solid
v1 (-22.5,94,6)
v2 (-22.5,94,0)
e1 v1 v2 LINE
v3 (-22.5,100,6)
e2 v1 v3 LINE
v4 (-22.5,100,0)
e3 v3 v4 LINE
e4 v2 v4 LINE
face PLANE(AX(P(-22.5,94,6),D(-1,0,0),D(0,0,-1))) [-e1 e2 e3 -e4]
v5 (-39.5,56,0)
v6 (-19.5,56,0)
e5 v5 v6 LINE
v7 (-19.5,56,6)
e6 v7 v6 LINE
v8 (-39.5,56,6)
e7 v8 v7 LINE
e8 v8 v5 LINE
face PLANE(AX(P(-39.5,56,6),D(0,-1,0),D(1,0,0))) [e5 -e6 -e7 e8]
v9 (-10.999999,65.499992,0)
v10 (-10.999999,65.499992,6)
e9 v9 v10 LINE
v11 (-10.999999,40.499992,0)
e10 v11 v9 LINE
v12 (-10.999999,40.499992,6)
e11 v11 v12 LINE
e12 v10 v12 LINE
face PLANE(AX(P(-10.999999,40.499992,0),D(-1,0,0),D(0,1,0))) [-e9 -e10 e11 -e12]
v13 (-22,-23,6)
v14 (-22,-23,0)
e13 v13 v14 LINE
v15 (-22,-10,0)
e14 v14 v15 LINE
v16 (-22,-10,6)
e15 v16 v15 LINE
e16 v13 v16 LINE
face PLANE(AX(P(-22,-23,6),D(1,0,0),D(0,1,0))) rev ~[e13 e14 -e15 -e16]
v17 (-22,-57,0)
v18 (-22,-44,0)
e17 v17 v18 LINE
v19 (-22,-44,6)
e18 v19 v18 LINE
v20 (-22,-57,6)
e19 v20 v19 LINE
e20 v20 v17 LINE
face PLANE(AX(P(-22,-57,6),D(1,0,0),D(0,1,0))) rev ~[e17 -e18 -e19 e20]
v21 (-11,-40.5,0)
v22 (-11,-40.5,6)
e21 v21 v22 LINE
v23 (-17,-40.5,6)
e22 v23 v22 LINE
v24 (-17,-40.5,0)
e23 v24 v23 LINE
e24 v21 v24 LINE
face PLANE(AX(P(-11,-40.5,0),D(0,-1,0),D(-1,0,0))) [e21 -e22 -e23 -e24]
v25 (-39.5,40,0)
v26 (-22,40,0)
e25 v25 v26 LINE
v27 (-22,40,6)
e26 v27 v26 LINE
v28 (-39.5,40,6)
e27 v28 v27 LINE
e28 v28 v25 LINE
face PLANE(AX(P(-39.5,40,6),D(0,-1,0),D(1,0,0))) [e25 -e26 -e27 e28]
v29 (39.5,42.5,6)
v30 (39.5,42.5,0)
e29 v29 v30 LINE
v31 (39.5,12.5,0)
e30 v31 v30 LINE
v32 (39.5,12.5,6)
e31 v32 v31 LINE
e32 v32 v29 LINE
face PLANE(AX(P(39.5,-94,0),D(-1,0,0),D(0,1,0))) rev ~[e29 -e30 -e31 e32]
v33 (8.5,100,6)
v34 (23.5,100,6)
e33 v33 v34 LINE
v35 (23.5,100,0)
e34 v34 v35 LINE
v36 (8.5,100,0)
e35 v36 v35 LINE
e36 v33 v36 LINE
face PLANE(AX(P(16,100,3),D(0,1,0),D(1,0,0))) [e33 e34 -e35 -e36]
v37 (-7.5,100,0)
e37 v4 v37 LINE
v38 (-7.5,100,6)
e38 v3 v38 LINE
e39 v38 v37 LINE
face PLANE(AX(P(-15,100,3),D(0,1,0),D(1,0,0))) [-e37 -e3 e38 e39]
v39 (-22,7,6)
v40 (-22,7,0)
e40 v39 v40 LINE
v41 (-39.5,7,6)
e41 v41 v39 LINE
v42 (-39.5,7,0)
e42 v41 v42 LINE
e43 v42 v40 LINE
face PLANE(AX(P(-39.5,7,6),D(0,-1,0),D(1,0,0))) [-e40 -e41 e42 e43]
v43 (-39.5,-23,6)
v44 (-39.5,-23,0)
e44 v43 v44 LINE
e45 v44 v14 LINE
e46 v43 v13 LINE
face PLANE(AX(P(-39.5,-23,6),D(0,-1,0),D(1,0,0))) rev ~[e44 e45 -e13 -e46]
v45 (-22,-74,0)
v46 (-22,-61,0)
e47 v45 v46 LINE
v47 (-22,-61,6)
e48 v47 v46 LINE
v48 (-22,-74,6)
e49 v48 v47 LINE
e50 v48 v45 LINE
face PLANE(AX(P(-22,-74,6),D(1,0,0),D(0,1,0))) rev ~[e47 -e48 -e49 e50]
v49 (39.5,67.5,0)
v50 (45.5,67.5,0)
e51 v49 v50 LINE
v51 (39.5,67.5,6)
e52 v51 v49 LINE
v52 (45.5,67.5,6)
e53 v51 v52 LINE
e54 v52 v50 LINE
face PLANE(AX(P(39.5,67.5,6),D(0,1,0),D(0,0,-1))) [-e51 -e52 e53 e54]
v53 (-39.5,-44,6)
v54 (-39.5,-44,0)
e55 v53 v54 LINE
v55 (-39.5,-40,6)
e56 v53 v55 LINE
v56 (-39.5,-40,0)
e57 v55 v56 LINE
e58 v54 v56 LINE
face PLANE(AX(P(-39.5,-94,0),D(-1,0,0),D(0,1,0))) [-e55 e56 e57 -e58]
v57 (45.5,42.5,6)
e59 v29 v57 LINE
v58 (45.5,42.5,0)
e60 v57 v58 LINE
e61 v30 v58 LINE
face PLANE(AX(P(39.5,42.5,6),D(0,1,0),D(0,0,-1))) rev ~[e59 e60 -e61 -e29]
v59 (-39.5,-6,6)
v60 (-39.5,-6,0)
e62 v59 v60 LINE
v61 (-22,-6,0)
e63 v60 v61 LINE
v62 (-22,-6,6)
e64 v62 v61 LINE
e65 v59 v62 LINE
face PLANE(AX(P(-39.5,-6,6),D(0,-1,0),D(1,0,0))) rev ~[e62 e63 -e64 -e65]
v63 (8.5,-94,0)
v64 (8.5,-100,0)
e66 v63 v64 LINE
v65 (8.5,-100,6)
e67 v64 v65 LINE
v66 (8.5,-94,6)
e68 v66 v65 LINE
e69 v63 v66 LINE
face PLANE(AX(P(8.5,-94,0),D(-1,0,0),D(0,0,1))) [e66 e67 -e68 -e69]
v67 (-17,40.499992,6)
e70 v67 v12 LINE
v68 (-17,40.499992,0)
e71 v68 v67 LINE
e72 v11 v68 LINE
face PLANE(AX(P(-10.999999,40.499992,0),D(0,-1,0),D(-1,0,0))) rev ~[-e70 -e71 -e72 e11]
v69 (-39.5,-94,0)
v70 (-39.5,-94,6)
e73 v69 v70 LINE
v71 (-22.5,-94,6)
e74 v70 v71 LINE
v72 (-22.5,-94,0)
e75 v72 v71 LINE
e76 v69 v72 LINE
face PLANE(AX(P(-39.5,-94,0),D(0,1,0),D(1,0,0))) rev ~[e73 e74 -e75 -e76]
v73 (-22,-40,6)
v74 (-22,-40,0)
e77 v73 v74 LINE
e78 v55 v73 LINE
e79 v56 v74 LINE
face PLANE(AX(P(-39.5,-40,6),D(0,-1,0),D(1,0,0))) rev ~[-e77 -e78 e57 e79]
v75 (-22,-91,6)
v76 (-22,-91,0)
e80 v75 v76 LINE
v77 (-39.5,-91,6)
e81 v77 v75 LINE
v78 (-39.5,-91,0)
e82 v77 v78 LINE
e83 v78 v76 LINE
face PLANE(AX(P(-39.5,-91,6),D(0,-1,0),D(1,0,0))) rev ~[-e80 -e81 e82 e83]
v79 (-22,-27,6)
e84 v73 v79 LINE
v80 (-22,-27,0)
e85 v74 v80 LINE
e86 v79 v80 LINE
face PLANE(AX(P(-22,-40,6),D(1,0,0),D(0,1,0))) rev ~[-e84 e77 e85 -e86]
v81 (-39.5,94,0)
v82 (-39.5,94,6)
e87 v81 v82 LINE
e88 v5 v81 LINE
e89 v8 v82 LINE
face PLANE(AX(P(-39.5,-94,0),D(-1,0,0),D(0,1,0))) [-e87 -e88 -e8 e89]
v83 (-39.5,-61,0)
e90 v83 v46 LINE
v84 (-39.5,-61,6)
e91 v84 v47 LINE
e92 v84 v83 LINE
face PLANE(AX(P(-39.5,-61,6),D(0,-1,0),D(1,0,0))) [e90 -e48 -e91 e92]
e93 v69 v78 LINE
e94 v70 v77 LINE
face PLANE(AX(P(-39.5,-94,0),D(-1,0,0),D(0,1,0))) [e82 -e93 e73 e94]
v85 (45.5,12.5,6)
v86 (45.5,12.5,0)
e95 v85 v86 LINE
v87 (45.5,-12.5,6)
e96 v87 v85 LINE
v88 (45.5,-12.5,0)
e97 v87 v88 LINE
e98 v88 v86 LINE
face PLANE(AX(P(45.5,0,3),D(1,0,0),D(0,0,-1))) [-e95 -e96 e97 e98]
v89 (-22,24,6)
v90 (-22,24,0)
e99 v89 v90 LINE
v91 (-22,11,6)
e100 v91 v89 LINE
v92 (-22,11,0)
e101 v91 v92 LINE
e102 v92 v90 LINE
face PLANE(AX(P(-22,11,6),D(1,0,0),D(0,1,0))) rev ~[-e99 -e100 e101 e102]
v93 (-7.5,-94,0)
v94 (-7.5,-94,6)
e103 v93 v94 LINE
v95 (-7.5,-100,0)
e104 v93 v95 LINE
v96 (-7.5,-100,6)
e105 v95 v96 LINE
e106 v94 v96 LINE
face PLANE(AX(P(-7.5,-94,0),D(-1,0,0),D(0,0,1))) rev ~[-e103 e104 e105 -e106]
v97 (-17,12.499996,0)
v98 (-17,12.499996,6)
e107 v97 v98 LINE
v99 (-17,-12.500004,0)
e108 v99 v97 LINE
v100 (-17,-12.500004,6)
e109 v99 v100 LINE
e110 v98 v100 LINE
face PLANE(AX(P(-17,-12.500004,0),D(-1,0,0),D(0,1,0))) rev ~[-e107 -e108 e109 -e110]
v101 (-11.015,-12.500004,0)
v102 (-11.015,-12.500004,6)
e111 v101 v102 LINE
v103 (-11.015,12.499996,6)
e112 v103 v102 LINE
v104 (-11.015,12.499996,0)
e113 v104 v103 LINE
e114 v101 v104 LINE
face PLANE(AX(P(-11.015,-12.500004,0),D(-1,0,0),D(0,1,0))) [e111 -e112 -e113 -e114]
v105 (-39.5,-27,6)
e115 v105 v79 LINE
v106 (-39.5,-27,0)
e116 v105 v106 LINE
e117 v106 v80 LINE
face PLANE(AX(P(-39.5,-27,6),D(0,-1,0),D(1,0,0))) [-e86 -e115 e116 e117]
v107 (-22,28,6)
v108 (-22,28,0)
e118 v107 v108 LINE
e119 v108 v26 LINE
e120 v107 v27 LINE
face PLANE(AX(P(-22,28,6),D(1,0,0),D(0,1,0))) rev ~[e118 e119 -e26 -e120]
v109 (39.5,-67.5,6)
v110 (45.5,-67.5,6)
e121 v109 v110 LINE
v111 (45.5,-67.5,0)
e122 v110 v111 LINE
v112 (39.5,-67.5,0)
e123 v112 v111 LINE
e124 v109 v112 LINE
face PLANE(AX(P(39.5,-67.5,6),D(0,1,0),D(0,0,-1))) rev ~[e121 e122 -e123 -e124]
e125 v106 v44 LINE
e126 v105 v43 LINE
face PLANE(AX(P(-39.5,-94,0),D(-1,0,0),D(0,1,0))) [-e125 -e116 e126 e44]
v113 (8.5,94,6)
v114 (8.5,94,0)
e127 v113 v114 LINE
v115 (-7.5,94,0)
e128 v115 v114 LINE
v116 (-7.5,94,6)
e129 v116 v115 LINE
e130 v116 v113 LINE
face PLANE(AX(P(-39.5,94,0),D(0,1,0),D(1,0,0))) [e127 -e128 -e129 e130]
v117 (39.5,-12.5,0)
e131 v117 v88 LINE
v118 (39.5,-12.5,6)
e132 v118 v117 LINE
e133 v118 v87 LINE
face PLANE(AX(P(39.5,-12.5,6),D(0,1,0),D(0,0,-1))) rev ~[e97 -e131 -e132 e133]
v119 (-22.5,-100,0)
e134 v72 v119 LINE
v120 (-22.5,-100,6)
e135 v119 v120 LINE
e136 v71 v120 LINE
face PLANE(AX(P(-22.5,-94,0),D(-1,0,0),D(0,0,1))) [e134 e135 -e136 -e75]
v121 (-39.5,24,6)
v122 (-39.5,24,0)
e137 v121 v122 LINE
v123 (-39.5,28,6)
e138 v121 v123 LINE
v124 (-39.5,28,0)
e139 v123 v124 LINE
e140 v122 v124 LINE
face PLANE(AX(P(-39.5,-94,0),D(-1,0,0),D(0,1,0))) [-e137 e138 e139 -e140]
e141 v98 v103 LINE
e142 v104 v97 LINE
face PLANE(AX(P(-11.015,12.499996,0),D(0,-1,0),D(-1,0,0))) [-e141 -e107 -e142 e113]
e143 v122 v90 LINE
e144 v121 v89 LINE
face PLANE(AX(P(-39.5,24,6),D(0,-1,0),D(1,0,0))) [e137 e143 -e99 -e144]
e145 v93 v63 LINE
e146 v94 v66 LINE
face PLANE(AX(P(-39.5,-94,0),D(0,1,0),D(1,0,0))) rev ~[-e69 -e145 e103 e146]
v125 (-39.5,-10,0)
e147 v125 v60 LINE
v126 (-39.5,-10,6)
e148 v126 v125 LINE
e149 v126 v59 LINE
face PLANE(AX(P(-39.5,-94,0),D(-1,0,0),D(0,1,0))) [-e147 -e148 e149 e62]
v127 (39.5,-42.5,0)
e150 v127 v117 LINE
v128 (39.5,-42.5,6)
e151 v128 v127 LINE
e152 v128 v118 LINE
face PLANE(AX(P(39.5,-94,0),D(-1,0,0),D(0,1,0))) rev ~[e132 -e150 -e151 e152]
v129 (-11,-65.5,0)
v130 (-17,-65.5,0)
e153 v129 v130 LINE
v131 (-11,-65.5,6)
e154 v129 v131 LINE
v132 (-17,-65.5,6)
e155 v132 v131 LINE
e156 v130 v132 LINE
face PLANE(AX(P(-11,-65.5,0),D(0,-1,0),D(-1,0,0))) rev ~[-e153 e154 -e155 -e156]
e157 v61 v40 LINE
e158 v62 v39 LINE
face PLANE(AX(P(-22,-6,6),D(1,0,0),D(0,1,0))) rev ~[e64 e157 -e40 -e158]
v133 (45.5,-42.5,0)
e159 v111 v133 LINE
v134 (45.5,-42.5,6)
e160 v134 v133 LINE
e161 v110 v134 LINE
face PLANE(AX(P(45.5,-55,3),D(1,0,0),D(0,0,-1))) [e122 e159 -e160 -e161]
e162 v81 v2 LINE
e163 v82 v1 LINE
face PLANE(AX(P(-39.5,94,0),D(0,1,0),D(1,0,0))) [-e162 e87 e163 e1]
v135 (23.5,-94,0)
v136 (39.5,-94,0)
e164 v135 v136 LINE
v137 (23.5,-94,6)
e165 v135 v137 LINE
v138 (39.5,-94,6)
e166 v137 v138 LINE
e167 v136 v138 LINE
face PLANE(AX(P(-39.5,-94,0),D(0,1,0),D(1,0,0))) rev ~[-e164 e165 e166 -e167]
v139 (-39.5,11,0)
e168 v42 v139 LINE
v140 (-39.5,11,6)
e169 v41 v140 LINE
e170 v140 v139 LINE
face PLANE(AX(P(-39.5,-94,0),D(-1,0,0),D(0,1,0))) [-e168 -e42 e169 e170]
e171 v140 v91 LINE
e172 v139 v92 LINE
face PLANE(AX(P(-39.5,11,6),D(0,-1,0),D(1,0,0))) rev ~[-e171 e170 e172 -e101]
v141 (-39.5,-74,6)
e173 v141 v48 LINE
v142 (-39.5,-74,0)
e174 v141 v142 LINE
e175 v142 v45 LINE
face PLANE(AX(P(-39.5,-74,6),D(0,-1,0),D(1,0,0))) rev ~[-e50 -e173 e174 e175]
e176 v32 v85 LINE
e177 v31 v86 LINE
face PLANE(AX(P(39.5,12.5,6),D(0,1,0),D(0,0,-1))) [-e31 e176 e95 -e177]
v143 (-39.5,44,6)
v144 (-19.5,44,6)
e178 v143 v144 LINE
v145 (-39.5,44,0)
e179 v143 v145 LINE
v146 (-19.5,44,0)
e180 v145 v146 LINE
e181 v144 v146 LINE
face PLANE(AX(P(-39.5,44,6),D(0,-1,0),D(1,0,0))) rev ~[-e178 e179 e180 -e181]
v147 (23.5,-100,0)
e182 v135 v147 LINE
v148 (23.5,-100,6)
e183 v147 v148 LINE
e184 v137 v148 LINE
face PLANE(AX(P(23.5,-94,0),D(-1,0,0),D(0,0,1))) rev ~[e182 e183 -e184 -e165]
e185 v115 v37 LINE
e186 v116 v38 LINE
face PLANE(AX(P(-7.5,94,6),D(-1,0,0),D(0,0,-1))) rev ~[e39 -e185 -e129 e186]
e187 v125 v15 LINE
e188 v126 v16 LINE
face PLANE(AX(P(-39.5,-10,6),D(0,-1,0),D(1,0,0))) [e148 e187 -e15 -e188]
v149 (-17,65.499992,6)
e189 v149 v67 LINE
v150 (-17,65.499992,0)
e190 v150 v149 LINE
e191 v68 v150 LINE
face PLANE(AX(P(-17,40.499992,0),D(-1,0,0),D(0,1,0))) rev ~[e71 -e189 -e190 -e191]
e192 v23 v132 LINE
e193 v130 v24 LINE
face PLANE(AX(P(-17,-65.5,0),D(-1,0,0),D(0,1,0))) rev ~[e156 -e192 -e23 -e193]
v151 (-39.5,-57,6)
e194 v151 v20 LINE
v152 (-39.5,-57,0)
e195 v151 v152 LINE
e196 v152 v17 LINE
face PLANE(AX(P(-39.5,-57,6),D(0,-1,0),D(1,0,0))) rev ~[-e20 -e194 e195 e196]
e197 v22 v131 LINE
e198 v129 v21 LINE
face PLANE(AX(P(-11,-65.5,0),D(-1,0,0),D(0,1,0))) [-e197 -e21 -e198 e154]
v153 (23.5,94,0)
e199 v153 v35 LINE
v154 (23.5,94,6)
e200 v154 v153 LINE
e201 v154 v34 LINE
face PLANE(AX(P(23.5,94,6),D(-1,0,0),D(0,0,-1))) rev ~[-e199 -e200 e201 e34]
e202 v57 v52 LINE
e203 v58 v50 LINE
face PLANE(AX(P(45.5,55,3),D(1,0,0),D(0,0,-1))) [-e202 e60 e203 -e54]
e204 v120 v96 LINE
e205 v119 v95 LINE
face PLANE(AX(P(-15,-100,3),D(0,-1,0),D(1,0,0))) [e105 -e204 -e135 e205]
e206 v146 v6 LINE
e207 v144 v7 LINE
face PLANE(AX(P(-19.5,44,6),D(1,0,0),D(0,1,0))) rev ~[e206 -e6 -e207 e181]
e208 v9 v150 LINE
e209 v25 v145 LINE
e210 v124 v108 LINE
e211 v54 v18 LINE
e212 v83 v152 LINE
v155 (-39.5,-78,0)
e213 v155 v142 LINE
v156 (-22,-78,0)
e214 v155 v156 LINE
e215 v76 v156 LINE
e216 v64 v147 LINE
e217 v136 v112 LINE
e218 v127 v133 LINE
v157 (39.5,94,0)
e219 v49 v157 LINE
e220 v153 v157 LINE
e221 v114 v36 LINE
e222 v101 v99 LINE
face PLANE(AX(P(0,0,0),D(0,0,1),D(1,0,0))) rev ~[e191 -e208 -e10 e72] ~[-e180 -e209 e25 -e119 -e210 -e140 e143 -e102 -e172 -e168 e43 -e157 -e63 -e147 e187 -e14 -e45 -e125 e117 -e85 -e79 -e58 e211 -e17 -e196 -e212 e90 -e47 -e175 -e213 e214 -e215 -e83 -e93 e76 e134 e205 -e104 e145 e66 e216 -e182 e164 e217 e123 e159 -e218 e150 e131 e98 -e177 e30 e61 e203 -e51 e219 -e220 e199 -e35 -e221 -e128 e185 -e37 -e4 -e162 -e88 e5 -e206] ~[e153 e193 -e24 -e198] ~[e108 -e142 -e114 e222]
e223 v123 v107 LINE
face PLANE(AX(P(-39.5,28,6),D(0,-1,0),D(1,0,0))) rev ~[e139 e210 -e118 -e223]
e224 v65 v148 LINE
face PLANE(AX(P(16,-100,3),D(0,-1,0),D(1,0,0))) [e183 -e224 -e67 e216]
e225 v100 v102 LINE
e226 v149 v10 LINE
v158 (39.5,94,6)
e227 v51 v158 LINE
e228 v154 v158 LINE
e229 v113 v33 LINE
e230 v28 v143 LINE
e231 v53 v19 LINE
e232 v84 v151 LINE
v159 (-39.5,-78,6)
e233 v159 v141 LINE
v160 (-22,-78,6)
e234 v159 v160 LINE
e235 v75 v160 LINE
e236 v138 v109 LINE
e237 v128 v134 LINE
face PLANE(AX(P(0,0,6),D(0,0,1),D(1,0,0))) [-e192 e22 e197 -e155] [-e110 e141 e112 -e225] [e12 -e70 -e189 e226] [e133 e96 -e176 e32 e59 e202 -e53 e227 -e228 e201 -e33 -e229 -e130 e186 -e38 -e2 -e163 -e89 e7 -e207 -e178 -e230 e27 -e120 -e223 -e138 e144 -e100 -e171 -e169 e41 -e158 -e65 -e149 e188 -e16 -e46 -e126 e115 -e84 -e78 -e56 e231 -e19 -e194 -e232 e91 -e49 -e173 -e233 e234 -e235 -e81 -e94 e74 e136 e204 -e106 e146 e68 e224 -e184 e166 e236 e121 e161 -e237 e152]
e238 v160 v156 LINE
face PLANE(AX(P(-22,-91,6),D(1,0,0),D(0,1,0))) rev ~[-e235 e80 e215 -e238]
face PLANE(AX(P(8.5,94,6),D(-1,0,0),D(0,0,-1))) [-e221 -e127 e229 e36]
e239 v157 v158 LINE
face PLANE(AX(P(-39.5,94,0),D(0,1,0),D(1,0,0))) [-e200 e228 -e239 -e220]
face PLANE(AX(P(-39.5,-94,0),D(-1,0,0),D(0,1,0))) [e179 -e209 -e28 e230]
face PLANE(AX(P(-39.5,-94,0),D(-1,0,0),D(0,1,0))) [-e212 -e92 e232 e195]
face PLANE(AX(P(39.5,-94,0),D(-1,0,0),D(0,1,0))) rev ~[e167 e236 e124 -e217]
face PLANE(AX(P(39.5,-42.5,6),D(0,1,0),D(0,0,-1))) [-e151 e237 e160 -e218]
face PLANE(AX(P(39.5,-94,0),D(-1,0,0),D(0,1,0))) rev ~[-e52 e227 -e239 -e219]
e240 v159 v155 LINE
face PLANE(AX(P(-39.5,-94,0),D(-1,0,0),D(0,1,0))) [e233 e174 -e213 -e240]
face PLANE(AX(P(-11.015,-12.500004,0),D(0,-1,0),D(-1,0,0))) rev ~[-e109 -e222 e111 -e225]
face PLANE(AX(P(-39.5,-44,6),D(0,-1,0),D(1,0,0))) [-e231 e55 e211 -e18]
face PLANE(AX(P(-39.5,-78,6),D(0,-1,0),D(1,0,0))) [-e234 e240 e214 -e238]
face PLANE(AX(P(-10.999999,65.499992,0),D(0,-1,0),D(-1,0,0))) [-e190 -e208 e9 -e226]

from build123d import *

# Parameters (mm, degrees)
ESQUISSE1_W             = 79
ESQUISSE1_H             = 188
BOSS_EXTRU_1_DEPTH      = 6
ESQUISSE2_W             = 20
ESQUISSE2_H             = 12
ESQUISSE2_W_2           = 17.5
ESQUISSE2_H_2           = 13
ENL_V_MAT_EXTRU_1_DEPTH = 10
ESQUISSE3_W             = 6
ESQUISSE3_H             = 25
BOSS_EXTRU_2_DEPTH      = 6
ESQUISSE4_W             = 15
ESQUISSE4_H             = 6
BOSS_EXTRU_3_DEPTH      = 6
ESQUISSE5_W             = 15
ESQUISSE5_H             = 6
BOSS_EXTRU_4_DEPTH      = 6
ESQUISSE6_W             = 6
ESQUISSE6_H             = 25
ESQUISSE6_W_2           = 5.984999771
ESQUISSE6_W_3           = 6.000000529
ENL_V_MAT_EXTRU_2_DEPTH = 10


with BuildPart() as part:
    # Esquisse1 → Boss.-Extru.1 (new body)
    with BuildSketch(Plane.XY):
        Rectangle(ESQUISSE1_W, ESQUISSE1_H)
    extrude(amount=BOSS_EXTRU_1_DEPTH)

    # Esquisse2 → Enlèv. mat.-Extru.1 (cut)
    with BuildSketch(Plane.XY.offset(6)):
        with Locations((-29.5, 50)):
            Rectangle(ESQUISSE2_W, ESQUISSE2_H)
        with Locations((-30.75, 34)):
            Rectangle(ESQUISSE2_W_2, ESQUISSE2_H)
        with Locations((-30.75, 17.5)):
            Rectangle(ESQUISSE2_W_2, ESQUISSE2_H_2)
        with Locations((-30.75, 0.5)):
            Rectangle(ESQUISSE2_W_2, ESQUISSE2_H_2)
        with Locations((-30.75, -16.5)):
            Rectangle(ESQUISSE2_W_2, ESQUISSE2_H_2)
        with Locations((-30.75, -33.5)):
            Rectangle(ESQUISSE2_W_2, ESQUISSE2_H_2)
        with Locations((-30.75, -50.5)):
            Rectangle(ESQUISSE2_W_2, ESQUISSE2_H_2)
        with Locations((-30.75, -67.5)):
            Rectangle(ESQUISSE2_W_2, ESQUISSE2_H_2)
        with Locations((-30.75, -84.5)):
            Rectangle(ESQUISSE2_W_2, ESQUISSE2_H_2)
    extrude(amount=-ENL_V_MAT_EXTRU_1_DEPTH, mode=Mode.SUBTRACT)

    # Esquisse3 → Boss.-Extru.2 (add)
    with BuildSketch(Plane(origin=(39.5, 0, 0), x_dir=(0, 0, -1), z_dir=(1, 0, 0))):
        with Locations((-3, 55)):
            Rectangle(ESQUISSE3_W, ESQUISSE3_H)
        with Locations((-3, 0)):
            Rectangle(ESQUISSE3_W, ESQUISSE3_H)
        with Locations((-3, -55)):
            Rectangle(ESQUISSE3_W, ESQUISSE3_H)
    extrude(amount=BOSS_EXTRU_2_DEPTH)

    # Esquisse4 → Boss.-Extru.3 (add)
    with BuildSketch(Plane(origin=(0, 94, 0), x_dir=(1, 0, 0), z_dir=(0, 1, 0))):
        with Locations((-15, -3)):
            Rectangle(ESQUISSE4_W, ESQUISSE4_H)
        with Locations((16, -3)):
            Rectangle(ESQUISSE4_W, ESQUISSE4_H)
    extrude(amount=BOSS_EXTRU_3_DEPTH)

    # Esquisse5 → Boss.-Extru.4 (add)
    with BuildSketch(Plane.XZ.offset(94)):
        with Locations((16, 3)):
            Rectangle(ESQUISSE5_W, ESQUISSE5_H)
        with Locations((-15, 3)):
            Rectangle(ESQUISSE5_W, ESQUISSE5_H)
    extrude(amount=BOSS_EXTRU_4_DEPTH)

    # Esquisse6 → Enlèv. mat.-Extru.2 (cut)
    with BuildSketch(Plane(origin=(0, 0, 0), x_dir=(-1, 0, 0), z_dir=(0, 0, -1))):
        with Locations((14, -53)):
            Rectangle(ESQUISSE6_W, ESQUISSE6_H)
        with Locations((14.007500115, -4.018e-06)):
            Rectangle(ESQUISSE6_W_2, ESQUISSE6_H)
        with Locations((13.999999736, 52.999991964)):
            Rectangle(ESQUISSE6_W_3, ESQUISSE6_H)
    extrude(amount=-ENL_V_MAT_EXTRU_2_DEPTH, mode=Mode.SUBTRACT)


solid = part.part
